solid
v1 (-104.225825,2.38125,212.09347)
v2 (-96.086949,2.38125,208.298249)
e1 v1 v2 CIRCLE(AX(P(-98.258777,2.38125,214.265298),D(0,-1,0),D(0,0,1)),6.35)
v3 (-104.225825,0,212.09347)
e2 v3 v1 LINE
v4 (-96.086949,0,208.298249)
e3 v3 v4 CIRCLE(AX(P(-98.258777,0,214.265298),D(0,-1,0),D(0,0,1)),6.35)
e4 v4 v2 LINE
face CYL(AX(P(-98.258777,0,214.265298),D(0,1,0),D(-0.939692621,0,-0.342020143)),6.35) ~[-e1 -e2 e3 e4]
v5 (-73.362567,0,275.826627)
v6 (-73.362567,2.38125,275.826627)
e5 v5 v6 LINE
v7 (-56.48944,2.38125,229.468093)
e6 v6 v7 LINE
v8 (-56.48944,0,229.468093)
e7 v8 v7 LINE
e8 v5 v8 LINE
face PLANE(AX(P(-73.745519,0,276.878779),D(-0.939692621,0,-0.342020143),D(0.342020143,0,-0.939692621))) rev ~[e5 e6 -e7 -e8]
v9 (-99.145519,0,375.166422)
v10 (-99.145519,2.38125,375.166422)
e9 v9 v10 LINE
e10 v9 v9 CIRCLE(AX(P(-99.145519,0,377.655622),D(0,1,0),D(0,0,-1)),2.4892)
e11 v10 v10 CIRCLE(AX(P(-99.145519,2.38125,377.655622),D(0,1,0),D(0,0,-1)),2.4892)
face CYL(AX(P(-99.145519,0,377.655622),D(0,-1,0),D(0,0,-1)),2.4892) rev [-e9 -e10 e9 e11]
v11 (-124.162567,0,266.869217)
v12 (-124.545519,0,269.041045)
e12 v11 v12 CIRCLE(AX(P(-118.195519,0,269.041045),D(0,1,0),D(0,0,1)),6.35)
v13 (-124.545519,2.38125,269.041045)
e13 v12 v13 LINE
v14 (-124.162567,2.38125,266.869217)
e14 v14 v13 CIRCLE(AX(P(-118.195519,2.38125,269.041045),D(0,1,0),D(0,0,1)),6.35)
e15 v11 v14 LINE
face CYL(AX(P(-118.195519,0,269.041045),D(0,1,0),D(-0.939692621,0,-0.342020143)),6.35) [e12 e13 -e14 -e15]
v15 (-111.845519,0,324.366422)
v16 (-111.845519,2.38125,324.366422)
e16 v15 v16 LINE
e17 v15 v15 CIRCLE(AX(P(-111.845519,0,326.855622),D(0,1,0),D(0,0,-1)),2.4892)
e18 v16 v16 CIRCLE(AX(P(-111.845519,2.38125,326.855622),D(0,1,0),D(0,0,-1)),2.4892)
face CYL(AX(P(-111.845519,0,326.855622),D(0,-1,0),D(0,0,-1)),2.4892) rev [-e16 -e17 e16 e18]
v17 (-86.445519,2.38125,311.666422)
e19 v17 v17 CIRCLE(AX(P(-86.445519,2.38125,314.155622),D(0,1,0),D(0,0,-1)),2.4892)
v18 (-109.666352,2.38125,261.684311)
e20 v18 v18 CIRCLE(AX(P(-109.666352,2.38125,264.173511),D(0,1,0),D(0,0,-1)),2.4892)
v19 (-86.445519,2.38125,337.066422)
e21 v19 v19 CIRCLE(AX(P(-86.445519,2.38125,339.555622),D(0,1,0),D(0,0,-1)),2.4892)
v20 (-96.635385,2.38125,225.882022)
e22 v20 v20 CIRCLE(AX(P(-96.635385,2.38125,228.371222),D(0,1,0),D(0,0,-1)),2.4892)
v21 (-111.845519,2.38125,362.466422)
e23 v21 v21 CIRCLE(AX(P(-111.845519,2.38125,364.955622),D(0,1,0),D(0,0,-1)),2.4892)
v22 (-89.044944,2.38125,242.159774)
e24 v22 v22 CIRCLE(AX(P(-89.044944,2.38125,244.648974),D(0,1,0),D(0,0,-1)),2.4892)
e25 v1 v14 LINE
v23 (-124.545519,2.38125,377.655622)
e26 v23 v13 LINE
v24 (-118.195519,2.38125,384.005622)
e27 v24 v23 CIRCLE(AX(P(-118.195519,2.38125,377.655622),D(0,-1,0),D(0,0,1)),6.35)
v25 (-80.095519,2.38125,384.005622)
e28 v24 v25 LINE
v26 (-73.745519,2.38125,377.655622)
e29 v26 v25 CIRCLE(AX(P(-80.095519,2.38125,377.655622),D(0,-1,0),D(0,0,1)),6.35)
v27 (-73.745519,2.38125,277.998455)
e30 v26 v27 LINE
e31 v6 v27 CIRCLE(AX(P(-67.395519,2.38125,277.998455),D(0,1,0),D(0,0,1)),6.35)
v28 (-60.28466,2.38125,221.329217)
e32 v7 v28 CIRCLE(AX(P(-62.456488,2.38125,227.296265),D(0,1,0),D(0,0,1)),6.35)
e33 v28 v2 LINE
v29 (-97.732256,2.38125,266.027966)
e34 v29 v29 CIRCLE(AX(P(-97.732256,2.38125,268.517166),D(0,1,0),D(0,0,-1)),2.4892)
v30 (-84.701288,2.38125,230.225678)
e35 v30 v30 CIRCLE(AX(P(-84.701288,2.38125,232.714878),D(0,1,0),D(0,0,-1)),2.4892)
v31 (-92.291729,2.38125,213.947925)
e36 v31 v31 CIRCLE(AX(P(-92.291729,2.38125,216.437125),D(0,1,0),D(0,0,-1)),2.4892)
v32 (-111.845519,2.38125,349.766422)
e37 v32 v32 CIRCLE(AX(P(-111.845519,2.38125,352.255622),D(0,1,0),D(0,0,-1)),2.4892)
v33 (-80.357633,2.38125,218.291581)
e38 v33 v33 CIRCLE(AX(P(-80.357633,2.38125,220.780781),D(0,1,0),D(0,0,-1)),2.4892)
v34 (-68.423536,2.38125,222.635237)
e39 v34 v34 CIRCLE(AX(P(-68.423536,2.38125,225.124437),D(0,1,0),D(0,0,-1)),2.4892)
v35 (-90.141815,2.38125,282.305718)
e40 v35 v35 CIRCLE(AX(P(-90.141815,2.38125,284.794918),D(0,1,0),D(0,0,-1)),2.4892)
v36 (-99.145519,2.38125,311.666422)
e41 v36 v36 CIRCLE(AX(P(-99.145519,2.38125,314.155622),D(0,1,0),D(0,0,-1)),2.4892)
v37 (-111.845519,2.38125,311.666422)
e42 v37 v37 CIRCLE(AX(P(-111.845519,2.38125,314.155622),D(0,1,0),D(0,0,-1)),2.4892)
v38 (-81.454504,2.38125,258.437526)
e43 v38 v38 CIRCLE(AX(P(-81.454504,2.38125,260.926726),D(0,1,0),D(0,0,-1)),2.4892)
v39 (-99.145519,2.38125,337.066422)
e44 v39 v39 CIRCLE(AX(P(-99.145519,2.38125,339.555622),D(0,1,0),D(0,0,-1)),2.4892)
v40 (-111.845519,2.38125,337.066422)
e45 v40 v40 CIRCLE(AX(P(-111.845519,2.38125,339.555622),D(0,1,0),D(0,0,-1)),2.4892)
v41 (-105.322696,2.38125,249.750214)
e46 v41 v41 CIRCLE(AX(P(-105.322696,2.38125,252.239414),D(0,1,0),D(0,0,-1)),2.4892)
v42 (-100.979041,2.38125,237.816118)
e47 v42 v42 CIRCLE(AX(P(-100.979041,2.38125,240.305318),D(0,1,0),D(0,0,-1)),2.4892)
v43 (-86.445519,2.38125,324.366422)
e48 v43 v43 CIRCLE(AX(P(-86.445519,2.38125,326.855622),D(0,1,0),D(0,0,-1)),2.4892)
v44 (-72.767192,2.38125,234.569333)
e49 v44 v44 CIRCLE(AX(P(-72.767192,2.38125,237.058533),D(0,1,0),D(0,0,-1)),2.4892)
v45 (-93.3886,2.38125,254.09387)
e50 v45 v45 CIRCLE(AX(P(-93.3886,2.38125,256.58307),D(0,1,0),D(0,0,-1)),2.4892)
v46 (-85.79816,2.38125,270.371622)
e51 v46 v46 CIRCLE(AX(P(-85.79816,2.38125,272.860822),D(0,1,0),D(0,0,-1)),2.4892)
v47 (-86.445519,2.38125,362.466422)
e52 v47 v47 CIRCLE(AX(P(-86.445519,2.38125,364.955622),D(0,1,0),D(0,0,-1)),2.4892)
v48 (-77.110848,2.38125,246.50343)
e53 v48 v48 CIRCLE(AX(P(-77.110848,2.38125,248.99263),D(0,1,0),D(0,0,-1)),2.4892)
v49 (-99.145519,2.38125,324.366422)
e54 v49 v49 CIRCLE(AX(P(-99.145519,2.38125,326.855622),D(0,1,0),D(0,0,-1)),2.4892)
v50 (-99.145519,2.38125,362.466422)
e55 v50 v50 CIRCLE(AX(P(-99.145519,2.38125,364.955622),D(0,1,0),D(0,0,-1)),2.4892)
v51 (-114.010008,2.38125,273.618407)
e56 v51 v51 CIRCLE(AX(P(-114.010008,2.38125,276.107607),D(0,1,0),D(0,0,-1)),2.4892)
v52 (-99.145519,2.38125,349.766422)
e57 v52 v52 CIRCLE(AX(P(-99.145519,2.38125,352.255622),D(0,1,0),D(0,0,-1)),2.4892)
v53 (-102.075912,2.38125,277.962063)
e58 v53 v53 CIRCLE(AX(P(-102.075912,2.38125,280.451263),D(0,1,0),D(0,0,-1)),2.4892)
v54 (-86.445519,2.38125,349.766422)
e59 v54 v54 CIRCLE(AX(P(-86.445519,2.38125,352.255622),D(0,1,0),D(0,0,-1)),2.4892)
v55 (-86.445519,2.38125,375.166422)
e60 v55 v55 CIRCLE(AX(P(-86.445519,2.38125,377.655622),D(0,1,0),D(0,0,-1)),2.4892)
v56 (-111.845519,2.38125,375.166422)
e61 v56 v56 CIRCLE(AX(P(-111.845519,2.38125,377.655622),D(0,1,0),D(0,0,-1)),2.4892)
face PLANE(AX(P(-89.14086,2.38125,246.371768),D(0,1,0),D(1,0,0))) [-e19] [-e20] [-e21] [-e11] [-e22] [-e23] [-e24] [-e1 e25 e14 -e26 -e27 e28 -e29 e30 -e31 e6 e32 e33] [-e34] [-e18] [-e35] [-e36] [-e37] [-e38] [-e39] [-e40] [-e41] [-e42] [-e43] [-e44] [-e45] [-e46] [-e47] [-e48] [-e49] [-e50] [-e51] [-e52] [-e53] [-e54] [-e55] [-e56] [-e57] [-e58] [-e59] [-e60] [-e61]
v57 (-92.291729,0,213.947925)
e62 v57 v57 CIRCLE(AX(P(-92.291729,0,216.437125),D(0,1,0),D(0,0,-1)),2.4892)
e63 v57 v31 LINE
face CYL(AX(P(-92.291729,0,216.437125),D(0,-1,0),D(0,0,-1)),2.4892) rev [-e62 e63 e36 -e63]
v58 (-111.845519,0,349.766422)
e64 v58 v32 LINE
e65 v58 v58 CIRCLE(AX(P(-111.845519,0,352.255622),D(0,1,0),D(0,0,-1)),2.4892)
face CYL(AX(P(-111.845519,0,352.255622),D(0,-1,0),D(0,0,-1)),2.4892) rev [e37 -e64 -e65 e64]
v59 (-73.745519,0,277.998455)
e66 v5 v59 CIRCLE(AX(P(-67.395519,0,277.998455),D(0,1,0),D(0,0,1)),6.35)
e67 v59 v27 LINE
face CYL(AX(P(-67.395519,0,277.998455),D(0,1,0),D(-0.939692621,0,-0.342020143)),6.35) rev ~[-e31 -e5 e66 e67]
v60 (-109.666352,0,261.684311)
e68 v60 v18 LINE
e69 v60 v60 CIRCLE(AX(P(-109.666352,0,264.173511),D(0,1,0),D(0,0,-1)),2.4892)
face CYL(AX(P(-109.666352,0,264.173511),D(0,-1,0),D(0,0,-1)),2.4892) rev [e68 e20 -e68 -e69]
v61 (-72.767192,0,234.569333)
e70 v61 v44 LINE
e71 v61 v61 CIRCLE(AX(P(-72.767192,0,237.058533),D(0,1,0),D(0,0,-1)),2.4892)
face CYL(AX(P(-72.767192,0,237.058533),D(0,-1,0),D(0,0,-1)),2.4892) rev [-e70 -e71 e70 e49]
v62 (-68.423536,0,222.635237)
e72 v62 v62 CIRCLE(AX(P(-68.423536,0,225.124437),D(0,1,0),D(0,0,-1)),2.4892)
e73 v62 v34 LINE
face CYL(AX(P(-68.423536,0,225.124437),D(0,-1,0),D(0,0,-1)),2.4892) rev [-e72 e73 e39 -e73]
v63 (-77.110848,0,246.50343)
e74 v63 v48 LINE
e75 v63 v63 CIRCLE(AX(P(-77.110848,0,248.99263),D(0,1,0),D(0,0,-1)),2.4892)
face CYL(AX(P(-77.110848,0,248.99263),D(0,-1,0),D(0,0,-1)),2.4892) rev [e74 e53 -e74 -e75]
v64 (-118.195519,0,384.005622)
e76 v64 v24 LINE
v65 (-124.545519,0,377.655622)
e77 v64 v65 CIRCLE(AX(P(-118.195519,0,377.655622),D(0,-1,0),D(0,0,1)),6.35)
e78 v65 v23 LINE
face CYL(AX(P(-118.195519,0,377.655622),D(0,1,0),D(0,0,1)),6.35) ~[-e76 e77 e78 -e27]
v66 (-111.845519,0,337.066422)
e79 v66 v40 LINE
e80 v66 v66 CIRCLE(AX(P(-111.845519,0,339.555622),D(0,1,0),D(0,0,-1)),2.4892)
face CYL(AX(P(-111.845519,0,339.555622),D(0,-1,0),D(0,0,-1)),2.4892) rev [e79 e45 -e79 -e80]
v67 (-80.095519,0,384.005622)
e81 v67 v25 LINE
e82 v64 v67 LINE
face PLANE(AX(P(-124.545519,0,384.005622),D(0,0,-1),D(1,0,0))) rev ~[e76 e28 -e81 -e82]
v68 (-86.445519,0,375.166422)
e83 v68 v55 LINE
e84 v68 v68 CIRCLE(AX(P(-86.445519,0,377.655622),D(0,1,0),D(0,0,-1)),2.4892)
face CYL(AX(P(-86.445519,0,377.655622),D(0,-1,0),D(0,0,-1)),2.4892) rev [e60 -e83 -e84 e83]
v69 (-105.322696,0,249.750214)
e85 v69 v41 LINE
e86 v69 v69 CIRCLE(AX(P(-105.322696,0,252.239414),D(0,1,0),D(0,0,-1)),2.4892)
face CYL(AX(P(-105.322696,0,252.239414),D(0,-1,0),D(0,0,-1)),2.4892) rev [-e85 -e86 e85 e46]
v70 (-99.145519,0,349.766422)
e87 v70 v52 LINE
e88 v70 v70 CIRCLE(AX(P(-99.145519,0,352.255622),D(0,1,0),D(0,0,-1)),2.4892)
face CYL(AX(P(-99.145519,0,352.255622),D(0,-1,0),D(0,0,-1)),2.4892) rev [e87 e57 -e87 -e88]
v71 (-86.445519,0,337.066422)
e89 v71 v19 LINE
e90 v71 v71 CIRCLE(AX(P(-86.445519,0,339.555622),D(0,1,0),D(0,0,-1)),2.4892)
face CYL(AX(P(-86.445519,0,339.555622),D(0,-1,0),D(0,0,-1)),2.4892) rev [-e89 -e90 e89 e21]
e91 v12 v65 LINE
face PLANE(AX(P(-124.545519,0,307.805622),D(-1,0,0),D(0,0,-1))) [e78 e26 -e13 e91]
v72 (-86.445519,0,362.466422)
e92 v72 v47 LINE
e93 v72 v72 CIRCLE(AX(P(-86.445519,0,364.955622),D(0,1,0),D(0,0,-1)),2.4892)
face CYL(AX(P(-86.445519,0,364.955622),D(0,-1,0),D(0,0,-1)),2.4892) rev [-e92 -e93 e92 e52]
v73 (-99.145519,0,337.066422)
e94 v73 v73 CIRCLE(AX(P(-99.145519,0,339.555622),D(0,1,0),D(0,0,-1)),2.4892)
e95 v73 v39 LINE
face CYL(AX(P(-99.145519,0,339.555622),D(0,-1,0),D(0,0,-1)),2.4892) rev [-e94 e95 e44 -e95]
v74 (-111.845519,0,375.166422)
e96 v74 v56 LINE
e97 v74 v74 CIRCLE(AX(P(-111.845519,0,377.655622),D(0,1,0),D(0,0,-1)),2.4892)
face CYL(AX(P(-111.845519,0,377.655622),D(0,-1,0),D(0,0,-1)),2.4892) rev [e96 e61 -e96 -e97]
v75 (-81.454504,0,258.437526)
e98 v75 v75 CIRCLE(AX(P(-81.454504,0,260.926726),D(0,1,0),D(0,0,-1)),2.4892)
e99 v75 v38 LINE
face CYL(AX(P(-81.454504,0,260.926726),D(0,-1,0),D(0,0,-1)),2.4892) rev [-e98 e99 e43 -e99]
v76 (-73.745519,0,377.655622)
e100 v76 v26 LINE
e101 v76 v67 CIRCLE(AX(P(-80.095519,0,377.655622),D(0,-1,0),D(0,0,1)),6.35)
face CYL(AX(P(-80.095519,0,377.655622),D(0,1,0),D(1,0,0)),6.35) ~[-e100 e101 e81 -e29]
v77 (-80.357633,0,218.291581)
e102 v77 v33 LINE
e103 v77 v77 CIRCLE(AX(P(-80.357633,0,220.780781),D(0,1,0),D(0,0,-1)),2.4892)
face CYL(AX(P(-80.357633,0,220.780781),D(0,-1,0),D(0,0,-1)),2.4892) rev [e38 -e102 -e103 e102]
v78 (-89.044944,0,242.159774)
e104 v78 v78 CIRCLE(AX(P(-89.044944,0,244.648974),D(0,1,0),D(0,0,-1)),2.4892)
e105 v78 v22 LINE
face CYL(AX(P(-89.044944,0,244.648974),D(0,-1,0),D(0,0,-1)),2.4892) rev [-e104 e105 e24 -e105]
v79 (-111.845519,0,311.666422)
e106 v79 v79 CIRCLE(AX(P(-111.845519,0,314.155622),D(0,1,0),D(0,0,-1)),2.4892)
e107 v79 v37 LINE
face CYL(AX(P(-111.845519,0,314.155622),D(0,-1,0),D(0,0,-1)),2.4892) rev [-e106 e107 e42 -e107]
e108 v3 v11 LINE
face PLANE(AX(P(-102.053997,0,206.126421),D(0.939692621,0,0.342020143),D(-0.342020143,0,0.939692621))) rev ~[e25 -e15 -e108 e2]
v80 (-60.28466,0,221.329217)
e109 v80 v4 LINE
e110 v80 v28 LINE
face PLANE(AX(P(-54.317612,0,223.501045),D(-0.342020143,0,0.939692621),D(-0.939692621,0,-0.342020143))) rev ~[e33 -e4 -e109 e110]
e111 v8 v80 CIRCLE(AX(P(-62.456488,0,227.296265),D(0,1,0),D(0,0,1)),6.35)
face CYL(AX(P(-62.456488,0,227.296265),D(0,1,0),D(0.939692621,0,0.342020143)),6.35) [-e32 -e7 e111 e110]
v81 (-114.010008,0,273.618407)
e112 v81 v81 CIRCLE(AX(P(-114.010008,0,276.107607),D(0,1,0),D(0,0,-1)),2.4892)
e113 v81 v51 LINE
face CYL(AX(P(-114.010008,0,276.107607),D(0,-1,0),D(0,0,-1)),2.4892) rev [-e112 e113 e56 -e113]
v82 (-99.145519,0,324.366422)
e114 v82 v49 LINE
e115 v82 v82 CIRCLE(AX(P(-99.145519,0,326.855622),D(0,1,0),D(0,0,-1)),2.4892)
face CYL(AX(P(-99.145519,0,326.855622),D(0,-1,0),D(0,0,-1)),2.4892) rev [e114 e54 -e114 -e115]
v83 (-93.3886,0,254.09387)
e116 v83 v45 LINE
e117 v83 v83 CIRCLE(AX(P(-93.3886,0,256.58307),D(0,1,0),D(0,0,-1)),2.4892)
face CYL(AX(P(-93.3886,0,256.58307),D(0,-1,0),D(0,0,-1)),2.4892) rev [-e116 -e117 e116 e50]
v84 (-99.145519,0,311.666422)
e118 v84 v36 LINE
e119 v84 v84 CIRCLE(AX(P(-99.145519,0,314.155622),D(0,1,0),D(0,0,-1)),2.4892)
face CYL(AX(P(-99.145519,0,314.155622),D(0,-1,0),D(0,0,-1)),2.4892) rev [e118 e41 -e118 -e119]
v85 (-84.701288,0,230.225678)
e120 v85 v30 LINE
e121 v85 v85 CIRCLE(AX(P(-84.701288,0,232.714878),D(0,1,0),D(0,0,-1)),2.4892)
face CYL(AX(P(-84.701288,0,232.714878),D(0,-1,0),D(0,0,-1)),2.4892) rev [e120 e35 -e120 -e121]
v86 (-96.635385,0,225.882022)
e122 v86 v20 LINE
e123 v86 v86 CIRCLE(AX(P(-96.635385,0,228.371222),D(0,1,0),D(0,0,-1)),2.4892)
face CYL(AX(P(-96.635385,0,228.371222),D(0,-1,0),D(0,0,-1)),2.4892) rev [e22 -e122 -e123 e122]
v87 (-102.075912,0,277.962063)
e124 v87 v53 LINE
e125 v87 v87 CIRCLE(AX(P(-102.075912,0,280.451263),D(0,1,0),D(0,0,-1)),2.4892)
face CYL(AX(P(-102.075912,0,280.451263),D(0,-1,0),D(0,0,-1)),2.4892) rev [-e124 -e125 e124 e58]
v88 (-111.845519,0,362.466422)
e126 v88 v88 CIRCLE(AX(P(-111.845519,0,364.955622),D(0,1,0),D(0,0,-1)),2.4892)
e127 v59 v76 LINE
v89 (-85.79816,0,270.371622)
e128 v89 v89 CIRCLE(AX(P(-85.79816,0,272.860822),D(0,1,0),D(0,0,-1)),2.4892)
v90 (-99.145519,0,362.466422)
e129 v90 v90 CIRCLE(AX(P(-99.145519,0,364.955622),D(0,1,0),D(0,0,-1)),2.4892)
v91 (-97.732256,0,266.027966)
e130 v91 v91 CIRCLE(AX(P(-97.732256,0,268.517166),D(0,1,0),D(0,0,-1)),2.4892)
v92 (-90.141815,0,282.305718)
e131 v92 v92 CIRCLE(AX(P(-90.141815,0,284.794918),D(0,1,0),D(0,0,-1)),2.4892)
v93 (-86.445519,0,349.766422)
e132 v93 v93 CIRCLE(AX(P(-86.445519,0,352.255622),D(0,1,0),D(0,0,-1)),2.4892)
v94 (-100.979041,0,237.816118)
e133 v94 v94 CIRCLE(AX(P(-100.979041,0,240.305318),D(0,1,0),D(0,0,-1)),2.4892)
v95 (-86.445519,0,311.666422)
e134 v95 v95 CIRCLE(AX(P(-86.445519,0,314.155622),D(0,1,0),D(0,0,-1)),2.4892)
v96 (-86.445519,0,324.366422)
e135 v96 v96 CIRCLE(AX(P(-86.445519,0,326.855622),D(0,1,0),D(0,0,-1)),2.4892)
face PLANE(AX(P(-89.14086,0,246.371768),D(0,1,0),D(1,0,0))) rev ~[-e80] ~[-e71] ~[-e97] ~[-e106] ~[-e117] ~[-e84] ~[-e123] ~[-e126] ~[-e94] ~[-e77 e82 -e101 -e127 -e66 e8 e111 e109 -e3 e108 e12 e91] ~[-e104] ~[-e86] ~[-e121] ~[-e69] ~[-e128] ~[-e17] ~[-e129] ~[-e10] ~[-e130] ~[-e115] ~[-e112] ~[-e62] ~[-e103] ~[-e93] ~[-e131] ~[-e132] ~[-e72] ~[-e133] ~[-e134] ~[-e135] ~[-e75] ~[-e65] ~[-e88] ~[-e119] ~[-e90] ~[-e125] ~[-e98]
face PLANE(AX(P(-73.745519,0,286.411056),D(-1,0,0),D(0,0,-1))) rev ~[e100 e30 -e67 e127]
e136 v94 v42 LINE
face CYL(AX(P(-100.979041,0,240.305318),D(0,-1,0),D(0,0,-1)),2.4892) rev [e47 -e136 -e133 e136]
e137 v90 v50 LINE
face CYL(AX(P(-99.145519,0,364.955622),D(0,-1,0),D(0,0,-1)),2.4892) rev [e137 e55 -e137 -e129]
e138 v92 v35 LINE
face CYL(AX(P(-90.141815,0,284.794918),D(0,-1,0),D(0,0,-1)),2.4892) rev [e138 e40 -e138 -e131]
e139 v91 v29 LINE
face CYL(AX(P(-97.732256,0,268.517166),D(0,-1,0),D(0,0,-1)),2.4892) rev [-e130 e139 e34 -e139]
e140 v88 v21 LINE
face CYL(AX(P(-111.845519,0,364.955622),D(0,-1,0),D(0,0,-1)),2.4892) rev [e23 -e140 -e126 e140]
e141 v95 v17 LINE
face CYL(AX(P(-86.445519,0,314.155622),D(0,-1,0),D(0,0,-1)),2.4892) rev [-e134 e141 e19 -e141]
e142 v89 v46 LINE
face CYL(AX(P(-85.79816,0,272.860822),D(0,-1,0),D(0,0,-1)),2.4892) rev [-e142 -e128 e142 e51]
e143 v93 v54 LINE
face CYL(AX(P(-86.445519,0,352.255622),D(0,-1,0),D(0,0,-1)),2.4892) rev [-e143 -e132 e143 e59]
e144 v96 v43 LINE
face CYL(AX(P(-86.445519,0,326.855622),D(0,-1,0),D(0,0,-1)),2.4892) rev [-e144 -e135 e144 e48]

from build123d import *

# Parameters (mm, degrees)
SKETCH1_W           = 50.8
SKETCH1_H           = 76.2
SKETCH1_R           = 2.4892
BOSS_EXTRUDE1_DEPTH = 2.38125
FILLET1_R           = 6.35


with BuildPart() as part:
    # Sketch1 → Boss-Extrude1 (new body)
    # profile 1 of 3: a face of its own
    with BuildSketch(Plane(origin=(0, 0, 0), x_dir=(1, 0, 0), z_dir=(0, 1, 0))):
        with Locations((-99.145518613, -345.905622456)):
            Rectangle(SKETCH1_W, SKETCH1_H)
        with Locations(Location((-86.445518613, -326.855622456, 0), (0, 0, 90))):
            Circle(SKETCH1_R, mode=Mode.SUBTRACT)
        with Locations(Location((-86.445518613, -352.255622456, 0), (0, 0, 90))):
            Circle(SKETCH1_R, mode=Mode.SUBTRACT)
        with Locations(Location((-86.445518613, -377.655622456, 0), (0, 0, 90))):
            Circle(SKETCH1_R, mode=Mode.SUBTRACT)
        with Locations(Location((-99.145518613, -326.855622456, 0), (0, 0, 90))):
            Circle(SKETCH1_R, mode=Mode.SUBTRACT)
        with Locations(Location((-99.145518613, -352.255622456, 0), (0, 0, 90))):
            Circle(SKETCH1_R, mode=Mode.SUBTRACT)
        with Locations(Location((-99.145518613, -377.655622456, 0), (0, 0, 90))):
            Circle(SKETCH1_R, mode=Mode.SUBTRACT)
        with Locations(Location((-111.845518613, -377.655622456, 0), (0, 0, 90))):
            Circle(SKETCH1_R, mode=Mode.SUBTRACT)
        with Locations(Location((-111.845518613, -364.955622456, 0), (0, 0, 90))):
            Circle(SKETCH1_R, mode=Mode.SUBTRACT)
        with Locations(Location((-111.845518613, -352.255622456, 0), (0, 0, 90))):
            Circle(SKETCH1_R, mode=Mode.SUBTRACT)
        with Locations(Location((-111.845518613, -339.555622456, 0), (0, 0, 90))):
            Circle(SKETCH1_R, mode=Mode.SUBTRACT)
        with Locations(Location((-111.845518613, -326.855622456, 0), (0, 0, 90))):
            Circle(SKETCH1_R, mode=Mode.SUBTRACT)
        with Locations(Location((-111.845518613, -314.155622456, 0), (0, 0, 90))):
            Circle(SKETCH1_R, mode=Mode.SUBTRACT)
        with Locations(Location((-99.145518613, -364.955622456, 0), (0, 0, 90))):
            Circle(SKETCH1_R, mode=Mode.SUBTRACT)
        with Locations(Location((-99.145518613, -339.555622456, 0), (0, 0, 90))):
            Circle(SKETCH1_R, mode=Mode.SUBTRACT)
        with Locations(Location((-99.145518613, -314.155622456, 0), (0, 0, 90))):
            Circle(SKETCH1_R, mode=Mode.SUBTRACT)
        with Locations(Location((-86.445518613, -364.955622456, 0), (0, 0, 90))):
            Circle(SKETCH1_R, mode=Mode.SUBTRACT)
        with Locations(Location((-86.445518613, -339.555622456, 0), (0, 0, 90))):
            Circle(SKETCH1_R, mode=Mode.SUBTRACT)
        with Locations(Location((-86.445518613, -314.155622456, 0), (0, 0, 90))):
            Circle(SKETCH1_R, mode=Mode.SUBTRACT)
    # profile 2 of 3: a face of its own
    with BuildSketch(Plane(origin=(0, 0, 0), x_dir=(1, 0, 0), z_dir=(0, 1, 0))):
        Polygon((-73.745518613, -307.805622456), (-124.545518613, -307.805622456), (-124.545518613, -267.92136832), (-73.745518613, -286.411056221), align=None)
        with Locations(Location((-102.075911776, -280.451262674, 0), (0, 0, 90))):
            Circle(SKETCH1_R, mode=Mode.SUBTRACT)
        with Locations(Location((-114.01000806, -276.107606853, 0), (0, 0, 90))):
            Circle(SKETCH1_R, mode=Mode.SUBTRACT)
        with Locations(Location((-90.141815492, -284.794918494, 0), (0, 0, 90))):
            Circle(SKETCH1_R, mode=Mode.SUBTRACT)
    # profile 3 of 3: a face of its own
    with BuildSketch(Plane(origin=(0, 0, 0), x_dir=(1, 0, 0), z_dir=(0, 1, 0))):
        Polygon((-124.545518613, -267.92136832), (-73.745518613, -286.411056221), (-73.745518613, -276.87877894), (-54.317612196, -223.501044752), (-102.053997332, -206.126421471), align=None)
        with Locations(Location((-109.666352239, -264.173510569, 0), (0, 0, 90))):
            Circle(SKETCH1_R, mode=Mode.SUBTRACT)
        with Locations(Location((-105.322696419, -252.239414285, 0), (0, 0, 90))):
            Circle(SKETCH1_R, mode=Mode.SUBTRACT)
        with Locations(Location((-97.732255955, -268.51716639, 0), (0, 0, 90))):
            Circle(SKETCH1_R, mode=Mode.SUBTRACT)
        with Locations(Location((-93.388600135, -256.583070106, 0), (0, 0, 90))):
            Circle(SKETCH1_R, mode=Mode.SUBTRACT)
        with Locations(Location((-100.979040599, -240.305318001, 0), (0, 0, 90))):
            Circle(SKETCH1_R, mode=Mode.SUBTRACT)
        with Locations(Location((-96.635384779, -228.371221717, 0), (0, 0, 90))):
            Circle(SKETCH1_R, mode=Mode.SUBTRACT)
        with Locations(Location((-92.291728958, -216.437125433, 0), (0, 0, 90))):
            Circle(SKETCH1_R, mode=Mode.SUBTRACT)
        with Locations(Location((-85.798159671, -272.86082221, 0), (0, 0, 90))):
            Circle(SKETCH1_R, mode=Mode.SUBTRACT)
        with Locations(Location((-81.454503851, -260.926725926, 0), (0, 0, 90))):
            Circle(SKETCH1_R, mode=Mode.SUBTRACT)
        with Locations(Location((-89.044944315, -244.648973822, 0), (0, 0, 90))):
            Circle(SKETCH1_R, mode=Mode.SUBTRACT)
        with Locations(Location((-84.701288495, -232.714877538, 0), (0, 0, 90))):
            Circle(SKETCH1_R, mode=Mode.SUBTRACT)
        with Locations(Location((-77.110848031, -248.992629642, 0), (0, 0, 90))):
            Circle(SKETCH1_R, mode=Mode.SUBTRACT)
        with Locations(Location((-72.767192211, -237.058533358, 0), (0, 0, 90))):
            Circle(SKETCH1_R, mode=Mode.SUBTRACT)
        with Locations(Location((-80.357632674, -220.780781254, 0), (0, 0, 90))):
            Circle(SKETCH1_R, mode=Mode.SUBTRACT)
        with Locations(Location((-68.42353639, -225.124437074, 0), (0, 0, 90))):
            Circle(SKETCH1_R, mode=Mode.SUBTRACT)
    extrude(amount=BOSS_EXTRUDE1_DEPTH)

    # Fillet1
    fillet1_edges = [part.edges().sort_by_distance(p)[0] for p in [
        (-73.745518613, 1.190625, 384.005622456),
        (-124.545518613, 1.190625, 384.005622456),
        (-124.545518613, 1.190625, 267.92136832),
        (-102.053997332, 1.190625, 206.126421471),
        (-54.317612196, 1.190625, 223.501044752),
        (-73.745518613, 1.190625, 276.87877894),
    ]]
    fillet(fillet1_edges, radius=FILLET1_R)


solid = part.part
